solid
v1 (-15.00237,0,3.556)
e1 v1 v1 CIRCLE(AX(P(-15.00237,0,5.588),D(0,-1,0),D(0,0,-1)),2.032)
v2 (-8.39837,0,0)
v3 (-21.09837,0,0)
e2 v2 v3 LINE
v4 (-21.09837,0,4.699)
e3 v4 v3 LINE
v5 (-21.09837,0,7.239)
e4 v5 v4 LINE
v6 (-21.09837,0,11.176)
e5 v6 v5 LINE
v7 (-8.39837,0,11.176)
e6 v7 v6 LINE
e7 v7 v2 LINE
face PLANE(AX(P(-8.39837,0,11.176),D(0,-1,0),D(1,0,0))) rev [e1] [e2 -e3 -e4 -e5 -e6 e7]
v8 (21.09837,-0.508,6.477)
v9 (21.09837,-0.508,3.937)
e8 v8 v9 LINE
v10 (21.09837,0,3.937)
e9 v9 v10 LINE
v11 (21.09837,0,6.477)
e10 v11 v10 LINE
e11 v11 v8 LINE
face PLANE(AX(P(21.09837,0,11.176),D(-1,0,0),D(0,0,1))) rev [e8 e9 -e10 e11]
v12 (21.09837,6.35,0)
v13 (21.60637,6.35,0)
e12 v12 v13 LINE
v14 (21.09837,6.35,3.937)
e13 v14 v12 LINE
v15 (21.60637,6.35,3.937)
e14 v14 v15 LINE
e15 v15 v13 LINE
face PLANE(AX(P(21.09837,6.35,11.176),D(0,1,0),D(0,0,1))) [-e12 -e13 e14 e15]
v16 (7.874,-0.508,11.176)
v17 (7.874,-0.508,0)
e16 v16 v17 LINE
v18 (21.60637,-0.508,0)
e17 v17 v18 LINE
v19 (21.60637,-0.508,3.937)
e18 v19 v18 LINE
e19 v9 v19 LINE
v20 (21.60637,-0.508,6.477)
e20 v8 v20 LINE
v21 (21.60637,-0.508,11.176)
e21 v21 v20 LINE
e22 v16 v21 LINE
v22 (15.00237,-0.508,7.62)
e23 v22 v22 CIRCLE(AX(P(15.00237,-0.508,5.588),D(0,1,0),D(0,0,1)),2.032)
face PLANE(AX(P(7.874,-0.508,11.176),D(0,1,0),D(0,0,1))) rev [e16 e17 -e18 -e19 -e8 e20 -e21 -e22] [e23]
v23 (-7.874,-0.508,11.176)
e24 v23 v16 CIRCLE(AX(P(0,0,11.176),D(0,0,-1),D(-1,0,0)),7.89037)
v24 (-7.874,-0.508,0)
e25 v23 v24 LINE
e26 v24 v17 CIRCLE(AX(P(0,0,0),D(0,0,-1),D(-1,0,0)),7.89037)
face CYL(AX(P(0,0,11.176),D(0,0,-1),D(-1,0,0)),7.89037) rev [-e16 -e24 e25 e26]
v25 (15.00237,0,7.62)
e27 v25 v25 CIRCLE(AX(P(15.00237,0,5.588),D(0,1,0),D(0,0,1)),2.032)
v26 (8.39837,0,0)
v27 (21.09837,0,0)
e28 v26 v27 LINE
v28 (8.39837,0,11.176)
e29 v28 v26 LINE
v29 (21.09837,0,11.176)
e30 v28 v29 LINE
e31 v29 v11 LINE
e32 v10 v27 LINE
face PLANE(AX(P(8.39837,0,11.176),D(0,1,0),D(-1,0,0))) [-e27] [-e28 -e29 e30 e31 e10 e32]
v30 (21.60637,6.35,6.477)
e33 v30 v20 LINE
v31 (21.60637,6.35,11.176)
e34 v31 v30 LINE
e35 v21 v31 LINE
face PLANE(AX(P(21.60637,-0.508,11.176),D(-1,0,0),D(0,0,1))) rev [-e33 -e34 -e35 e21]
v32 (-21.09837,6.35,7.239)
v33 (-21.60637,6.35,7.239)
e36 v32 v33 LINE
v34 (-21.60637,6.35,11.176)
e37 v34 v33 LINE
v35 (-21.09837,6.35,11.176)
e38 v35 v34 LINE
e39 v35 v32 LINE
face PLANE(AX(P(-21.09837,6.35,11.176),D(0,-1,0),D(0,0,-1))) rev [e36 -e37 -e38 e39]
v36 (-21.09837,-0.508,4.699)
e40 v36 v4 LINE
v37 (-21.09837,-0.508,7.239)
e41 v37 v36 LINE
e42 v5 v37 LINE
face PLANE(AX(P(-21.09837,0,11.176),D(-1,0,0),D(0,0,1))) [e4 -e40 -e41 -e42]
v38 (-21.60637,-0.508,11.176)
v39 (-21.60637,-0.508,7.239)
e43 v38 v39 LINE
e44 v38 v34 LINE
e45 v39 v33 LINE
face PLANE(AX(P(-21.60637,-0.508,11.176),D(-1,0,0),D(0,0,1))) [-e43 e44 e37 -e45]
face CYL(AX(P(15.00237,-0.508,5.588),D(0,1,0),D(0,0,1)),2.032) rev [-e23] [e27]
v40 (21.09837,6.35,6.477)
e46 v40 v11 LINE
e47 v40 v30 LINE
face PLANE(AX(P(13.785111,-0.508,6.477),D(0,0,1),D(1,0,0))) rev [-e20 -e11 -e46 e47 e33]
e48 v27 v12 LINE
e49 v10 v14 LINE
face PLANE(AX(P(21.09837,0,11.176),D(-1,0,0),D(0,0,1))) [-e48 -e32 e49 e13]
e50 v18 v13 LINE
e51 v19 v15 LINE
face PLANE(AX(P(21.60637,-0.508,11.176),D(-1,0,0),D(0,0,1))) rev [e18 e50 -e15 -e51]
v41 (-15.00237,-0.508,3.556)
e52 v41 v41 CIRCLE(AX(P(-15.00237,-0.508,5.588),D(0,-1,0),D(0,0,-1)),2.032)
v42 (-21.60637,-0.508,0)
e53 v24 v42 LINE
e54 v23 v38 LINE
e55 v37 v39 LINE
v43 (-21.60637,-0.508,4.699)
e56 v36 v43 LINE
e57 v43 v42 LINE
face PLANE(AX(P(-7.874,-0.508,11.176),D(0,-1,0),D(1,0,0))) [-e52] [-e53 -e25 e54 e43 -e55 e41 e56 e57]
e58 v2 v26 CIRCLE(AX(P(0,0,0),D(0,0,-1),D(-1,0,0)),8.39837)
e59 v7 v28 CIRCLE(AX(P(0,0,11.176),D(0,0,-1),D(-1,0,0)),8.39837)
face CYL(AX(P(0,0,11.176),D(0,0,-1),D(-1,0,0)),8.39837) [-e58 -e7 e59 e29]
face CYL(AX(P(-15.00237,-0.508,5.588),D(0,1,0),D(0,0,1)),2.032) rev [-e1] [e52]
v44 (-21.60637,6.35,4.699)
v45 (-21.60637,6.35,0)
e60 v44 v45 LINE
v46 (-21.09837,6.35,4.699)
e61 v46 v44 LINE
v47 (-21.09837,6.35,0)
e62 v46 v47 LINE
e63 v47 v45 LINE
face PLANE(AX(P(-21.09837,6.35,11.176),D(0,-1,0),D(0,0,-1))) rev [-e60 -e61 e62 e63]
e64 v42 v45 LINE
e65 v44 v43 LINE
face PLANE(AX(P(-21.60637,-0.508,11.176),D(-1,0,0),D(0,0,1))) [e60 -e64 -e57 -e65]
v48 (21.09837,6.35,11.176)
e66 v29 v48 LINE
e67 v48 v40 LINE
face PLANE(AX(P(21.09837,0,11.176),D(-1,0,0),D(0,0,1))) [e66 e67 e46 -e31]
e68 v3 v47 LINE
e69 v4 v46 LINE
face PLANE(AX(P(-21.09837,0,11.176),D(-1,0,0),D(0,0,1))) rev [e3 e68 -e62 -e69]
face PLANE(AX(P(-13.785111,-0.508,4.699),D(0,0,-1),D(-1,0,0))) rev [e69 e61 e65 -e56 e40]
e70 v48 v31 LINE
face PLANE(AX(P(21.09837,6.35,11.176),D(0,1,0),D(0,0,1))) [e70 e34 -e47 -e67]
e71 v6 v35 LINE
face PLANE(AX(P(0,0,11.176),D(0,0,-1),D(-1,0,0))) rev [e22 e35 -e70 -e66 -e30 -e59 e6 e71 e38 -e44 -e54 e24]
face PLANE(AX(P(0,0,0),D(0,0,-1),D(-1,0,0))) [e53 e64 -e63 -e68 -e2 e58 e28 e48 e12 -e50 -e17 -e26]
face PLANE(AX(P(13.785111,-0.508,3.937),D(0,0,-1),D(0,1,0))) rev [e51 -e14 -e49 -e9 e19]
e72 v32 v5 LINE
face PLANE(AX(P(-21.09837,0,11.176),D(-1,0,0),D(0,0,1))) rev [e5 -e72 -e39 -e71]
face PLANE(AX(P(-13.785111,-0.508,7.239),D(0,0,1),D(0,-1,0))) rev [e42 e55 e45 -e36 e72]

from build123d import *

# Parameters (mm, degrees)
BOSS_EXTRUDE1_DEPTH = 11.176
SKETCH2_R           = 2.032
CUT_EXTRUDE1_DEPTH  = 26.73462306
SKETCH4_W           = 2.54
SKETCH4_H           = 6.858
CUT_EXTRUDE2_DEPTH  = 0.508
SKETCH5_W           = 2.54
SKETCH5_H           = 6.858
CUT_EXTRUDE3_DEPTH  = 0.508


with BuildPart() as part:
    # Sketch1 → Boss-Extrude1 (new body)
    with BuildSketch(Plane.XY):
        with BuildLine():
            Line((8.39837008, 0), (21.09837008, 0))
            Line((21.09837008, 0), (21.09837008, 6.35))
            Line((21.09837008, 6.35), (21.60637008, 6.35))
            Line((21.60637008, 6.35), (21.60637008, -0.508))
            Line((21.60637008, -0.508), (7.874, -0.508))
            ThreePointArc((7.874, -0.508), (0, 7.89037008), (-7.874, -0.508))
            Line((-7.874, -0.508), (-21.60637008, -0.508))
            Line((-21.60637008, -0.508), (-21.60637008, 6.35))
            Line((-21.60637008, 6.35), (-21.09837008, 6.35))
            Line((-21.09837008, 6.35), (-21.09837008, 0))
            Line((-21.09837008, 0), (-8.39837008, 0))
            ThreePointArc((-8.39837008, 0), (0, 8.39837008), (8.39837008, 0))
        make_face()
    extrude(amount=BOSS_EXTRUDE1_DEPTH)

    # Sketch2 → Cut-Extrude1 (cut, through all)
    with BuildSketch(Plane(origin=(0, 0, 0), x_dir=(1, 0, 0), z_dir=(0, 1, 0))):
        with Locations(Location((15.00237008, -5.588, 0), (0, 0, 270))):
            Circle(SKETCH2_R)
        with Locations(Location((-15.00237008, -5.588, 0), (0, 0, 90))):
            Circle(SKETCH2_R)
    extrude(amount=-CUT_EXTRUDE1_DEPTH, mode=Mode.SUBTRACT)

    # Sketch4 → Cut-Extrude2 (cut)
    with BuildSketch(Plane(origin=(21.60637008, 0, 0), x_dir=(0, 0, -1), z_dir=(1, 0, 0))):
        with Locations((-5.207, 2.921)):
            Rectangle(SKETCH4_W, SKETCH4_H)
    extrude(amount=-CUT_EXTRUDE2_DEPTH, mode=Mode.SUBTRACT)

    # Sketch5 → Cut-Extrude3 (cut)
    with BuildSketch(Plane.ZY.offset(21.60637008)):
        with Locations((5.969, 2.921)):
            Rectangle(SKETCH5_W, SKETCH5_H)
    extrude(amount=-CUT_EXTRUDE3_DEPTH, mode=Mode.SUBTRACT)


solid = part.part
